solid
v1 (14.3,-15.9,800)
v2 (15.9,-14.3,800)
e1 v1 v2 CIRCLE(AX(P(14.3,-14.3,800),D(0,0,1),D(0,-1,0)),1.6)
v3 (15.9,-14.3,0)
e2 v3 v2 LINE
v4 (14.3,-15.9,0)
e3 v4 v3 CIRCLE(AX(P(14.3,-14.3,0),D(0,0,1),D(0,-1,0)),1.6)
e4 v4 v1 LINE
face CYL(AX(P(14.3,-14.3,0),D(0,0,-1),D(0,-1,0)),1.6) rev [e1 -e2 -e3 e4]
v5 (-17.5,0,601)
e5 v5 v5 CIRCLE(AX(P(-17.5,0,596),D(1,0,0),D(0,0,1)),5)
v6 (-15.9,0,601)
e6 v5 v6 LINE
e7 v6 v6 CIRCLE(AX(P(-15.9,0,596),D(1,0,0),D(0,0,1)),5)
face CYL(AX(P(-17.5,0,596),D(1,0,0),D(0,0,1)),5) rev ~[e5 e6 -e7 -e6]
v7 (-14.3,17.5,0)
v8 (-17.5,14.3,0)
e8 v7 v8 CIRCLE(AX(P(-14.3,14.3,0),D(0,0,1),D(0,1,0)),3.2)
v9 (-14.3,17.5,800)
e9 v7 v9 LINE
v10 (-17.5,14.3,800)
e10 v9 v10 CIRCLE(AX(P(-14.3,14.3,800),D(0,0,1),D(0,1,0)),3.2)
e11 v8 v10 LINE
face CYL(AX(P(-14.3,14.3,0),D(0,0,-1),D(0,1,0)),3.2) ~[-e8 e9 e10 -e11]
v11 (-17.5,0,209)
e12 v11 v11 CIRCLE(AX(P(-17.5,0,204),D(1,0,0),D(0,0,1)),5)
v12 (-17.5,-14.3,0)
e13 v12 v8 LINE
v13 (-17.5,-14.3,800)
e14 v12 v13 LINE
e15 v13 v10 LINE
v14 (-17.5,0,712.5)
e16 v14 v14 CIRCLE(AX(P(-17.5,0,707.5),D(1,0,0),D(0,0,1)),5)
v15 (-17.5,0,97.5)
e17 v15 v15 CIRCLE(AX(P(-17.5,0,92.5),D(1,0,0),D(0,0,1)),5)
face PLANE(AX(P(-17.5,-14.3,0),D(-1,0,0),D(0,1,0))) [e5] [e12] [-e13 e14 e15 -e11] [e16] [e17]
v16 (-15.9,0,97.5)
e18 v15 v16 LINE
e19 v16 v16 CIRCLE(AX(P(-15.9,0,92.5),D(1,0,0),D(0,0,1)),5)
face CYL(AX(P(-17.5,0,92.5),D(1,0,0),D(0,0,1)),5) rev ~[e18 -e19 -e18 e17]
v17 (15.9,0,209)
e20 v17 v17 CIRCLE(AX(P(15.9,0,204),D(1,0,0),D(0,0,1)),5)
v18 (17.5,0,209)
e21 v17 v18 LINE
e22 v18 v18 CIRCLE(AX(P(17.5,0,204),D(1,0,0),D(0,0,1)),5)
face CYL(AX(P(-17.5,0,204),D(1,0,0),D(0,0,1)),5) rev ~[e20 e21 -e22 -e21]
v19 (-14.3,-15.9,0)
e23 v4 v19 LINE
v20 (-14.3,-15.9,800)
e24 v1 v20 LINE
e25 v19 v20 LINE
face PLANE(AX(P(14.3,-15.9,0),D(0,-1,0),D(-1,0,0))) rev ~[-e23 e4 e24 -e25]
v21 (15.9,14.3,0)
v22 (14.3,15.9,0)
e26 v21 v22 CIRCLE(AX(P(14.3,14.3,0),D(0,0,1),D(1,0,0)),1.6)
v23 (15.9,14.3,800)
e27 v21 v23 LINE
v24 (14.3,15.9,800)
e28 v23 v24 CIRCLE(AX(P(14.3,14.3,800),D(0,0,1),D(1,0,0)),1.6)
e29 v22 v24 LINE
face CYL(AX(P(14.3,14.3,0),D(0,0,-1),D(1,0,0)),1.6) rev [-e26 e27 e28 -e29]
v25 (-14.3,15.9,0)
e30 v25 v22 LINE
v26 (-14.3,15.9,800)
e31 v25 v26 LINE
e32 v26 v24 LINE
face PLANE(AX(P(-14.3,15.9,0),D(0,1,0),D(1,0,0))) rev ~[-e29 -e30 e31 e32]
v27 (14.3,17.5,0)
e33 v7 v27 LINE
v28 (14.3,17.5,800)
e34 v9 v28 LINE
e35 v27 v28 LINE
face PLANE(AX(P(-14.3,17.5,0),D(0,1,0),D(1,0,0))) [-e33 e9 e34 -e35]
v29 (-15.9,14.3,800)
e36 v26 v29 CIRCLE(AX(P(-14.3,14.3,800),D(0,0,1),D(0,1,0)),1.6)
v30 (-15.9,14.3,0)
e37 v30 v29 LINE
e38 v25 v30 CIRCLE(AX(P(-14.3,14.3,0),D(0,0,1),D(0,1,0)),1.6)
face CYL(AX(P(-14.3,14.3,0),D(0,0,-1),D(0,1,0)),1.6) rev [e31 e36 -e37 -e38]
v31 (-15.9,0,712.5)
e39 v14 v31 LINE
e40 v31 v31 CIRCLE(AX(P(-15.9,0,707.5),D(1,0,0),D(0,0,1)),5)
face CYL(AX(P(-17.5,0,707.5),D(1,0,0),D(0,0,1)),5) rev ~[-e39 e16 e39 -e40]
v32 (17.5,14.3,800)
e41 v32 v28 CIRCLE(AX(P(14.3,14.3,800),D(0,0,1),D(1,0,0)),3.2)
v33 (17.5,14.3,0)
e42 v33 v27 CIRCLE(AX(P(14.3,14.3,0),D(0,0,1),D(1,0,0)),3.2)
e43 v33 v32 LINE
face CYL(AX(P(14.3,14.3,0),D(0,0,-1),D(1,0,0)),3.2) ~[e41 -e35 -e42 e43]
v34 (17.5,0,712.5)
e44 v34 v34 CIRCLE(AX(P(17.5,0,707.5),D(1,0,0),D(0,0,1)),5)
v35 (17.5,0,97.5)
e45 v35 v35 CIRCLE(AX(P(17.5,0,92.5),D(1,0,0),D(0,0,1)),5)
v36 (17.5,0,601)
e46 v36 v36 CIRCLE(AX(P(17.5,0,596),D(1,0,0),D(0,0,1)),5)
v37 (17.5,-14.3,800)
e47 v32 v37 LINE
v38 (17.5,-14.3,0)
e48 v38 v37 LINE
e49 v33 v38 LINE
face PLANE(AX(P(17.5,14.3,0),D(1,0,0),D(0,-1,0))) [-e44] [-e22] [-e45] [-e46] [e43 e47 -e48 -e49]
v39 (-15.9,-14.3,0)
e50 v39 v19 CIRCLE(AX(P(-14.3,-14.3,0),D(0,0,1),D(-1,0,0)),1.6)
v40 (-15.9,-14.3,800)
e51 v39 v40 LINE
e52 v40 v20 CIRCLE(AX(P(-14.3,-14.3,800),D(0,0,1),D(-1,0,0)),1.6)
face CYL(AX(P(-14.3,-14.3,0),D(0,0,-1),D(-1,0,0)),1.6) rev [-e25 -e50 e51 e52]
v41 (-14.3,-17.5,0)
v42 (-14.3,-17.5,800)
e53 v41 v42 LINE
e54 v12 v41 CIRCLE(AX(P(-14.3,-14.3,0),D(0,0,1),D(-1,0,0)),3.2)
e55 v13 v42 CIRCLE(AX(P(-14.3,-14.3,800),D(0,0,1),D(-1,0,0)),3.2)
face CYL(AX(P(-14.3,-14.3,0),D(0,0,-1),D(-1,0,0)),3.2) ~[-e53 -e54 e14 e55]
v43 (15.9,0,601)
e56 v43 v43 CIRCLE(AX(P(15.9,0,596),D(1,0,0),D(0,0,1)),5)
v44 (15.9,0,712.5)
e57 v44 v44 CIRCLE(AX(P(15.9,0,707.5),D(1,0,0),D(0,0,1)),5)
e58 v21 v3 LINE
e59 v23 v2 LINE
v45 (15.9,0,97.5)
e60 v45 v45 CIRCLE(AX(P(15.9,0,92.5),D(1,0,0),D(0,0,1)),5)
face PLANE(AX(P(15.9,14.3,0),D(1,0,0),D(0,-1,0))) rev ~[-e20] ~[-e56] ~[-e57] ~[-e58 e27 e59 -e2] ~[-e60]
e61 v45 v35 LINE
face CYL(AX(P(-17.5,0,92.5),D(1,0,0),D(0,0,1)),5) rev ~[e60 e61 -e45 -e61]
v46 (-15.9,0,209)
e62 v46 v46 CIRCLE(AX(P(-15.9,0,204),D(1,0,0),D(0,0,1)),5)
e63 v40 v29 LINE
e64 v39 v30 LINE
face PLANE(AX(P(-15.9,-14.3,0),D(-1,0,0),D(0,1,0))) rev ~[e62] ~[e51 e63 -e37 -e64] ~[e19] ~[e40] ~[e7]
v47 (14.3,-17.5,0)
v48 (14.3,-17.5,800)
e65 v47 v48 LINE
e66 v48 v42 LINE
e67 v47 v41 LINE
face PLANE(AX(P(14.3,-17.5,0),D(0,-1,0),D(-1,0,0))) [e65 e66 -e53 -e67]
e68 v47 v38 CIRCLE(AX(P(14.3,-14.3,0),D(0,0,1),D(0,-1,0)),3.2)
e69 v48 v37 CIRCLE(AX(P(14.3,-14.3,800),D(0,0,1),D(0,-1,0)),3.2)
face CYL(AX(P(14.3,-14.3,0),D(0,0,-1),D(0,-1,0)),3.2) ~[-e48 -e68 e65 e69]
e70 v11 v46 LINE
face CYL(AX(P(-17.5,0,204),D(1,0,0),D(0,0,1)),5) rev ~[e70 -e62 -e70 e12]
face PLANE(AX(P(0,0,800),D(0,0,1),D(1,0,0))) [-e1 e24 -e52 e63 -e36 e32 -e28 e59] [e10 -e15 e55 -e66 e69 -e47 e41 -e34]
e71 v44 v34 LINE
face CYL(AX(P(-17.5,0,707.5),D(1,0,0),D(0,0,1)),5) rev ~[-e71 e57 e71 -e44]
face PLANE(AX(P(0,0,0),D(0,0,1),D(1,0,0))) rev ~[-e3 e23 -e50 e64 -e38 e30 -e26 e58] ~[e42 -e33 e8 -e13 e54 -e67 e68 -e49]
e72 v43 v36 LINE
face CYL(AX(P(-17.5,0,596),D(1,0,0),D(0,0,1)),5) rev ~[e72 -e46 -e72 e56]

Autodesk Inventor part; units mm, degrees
ref_plane "YZ Plane" through (0, 0, 0) normal (1, 0, 0) x (0, 1, 0)
ref_plane "Start plane" through (0, 0, 0) normal (0, 0, 1) x (1, 0, 0)
ref_plane "End plane" through (0, 0, 800) normal (0, 0, 1) x (1, 0, 0)
sketch "Sketch" plane through (0, 0, 0) normal (0, 0, 1) x (1, 0, 0)
  line L0 (-17.5, -14.3) -> (-17.5, 14.3)
  line L1 (-14.3, 17.5) -> (14.3, 17.5)
  line L2 (17.5, 14.3) -> (17.5, -14.3)
  line L3 (14.3, -17.5) -> (-14.3, -17.5)
  arc A0 (-17.5, -14.3) -> (-14.3, -17.5) centre (-14.3, -14.3) ccw
  arc A1 (-14.3, 17.5) -> (-17.5, 14.3) centre (-14.3, 14.3) ccw
  arc A2 (17.5, 14.3) -> (14.3, 17.5) centre (14.3, 14.3) ccw
  arc A3 (14.3, -17.5) -> (17.5, -14.3) centre (14.3, -14.3) ccw
  arc A4 (-14.3, 15.9) -> (-15.9, 14.3) centre (-14.3, 14.3) ccw
  line L4 (-14.3, 15.9) -> (14.3, 15.9)
  arc A5 (15.9, 14.3) -> (14.3, 15.9) centre (14.3, 14.3) ccw
  line L5 (15.9, 14.3) -> (15.9, -14.3)
  arc A6 (14.3, -15.9) -> (15.9, -14.3) centre (14.3, -14.3) ccw
  line L6 (14.3, -15.9) -> (-14.3, -15.9)
  arc A7 (-15.9, -14.3) -> (-14.3, -15.9) centre (-14.3, -14.3) ccw
  line L7 (-15.9, -14.3) -> (-15.9, 14.3)
  line L8 (0, 25.4278) -> (0, -25.4278) construction
  line L9 (-25.4278, 0) -> (25.4278, 0) construction
  dimension "d7" = 3.2
  dimension "d10" = 35
  dimension "d11" = 35
  dimension "d12" = 1.6
  dimension "d15" = 17.5
  dimension "d16" = 17.5
extrude "Body" add sketch "Sketch" along normal up to surface (800 mm away) from surface at 0
sketch "Sketch3" plane through (0, 0, 0) normal (0, 0, 1) x (1, 0, 0)
  line L0 (0, 0) -> (10, 0)
ref_plane "Work Plane3" through (0, 0, 0) normal (0, -1, 0) x (1, 0, 0)
sketch "Sketch4" plane through (0, 0, 0) normal (0, -1, 0) x (1, 0, 0)
  line L0 (-2, 0) -> (12, 0)
  line L1 (-2, 800) -> (12, 800)
  dimension "d18" = 800
sketch "Sketch5" plane through (-17.5, 14.3, 0) normal (-1, 0, 0) x (0, 0, 1)
  line L0 (800, -28.6) -> (800, 0) construction
  line L1 (0, 0) -> (800, 0) construction
  line L2 (0, -28.6) -> (0, 0) construction
  line L3 (0, -28.6) -> (800, -28.6) construction
  line L4 (17.5, -396.8) -> (17.5, 68.2) construction
  line L5 (782.5, -31.8) -> (782.5, -296.8) construction
  line L6 (0, -28.6) -> (800, -28.6) construction
  line L7 (92.5, -28.6) -> (92.5, 0) construction
  line L8 (204, -28.6) -> (204, 0) construction
  line L9 (707.5, -28.6) -> (707.5, 0) construction
  line L10 (596, -28.6) -> (596, 0) construction
  line L11 (596, -14.3) -> (707.5, -14.3) construction
  line L12 (92.5, -14.3) -> (204, -14.3) construction
  point P0 (0, -14.3)
  dimension "d19" = 75
  dimension "d20" = 111.5
  dimension "d21" = 75
  dimension "d22" = 111.5
hole "Hole1" at (-17.5, 0, 92.5) at (-17.5, 0, 204) at (-17.5, 0, 596) at (-17.5, 0, 707.5) direction (1, 0, 0) diameter 10 end through all
equation "\"d7\" = G_IR"
equation "\"d10\" = G_H"
equation "\"d11\" = G_W"
equation "\"d12\" = G_T"
equation "\"d15\" = 0.5 * d10"
equation "\"d16\" = 0.5 * d11"
equation "\"d3\" = G_L"
equation "\"G_W\" = 35"
equation "\"G_H\" = 35"
equation "\"G_T\" = 1.6"
equation "\"G_IR\" = 3.2"
equation "\"G_L\" = d18"
equation "\"G_OFFSET_START\" = 0"
equation "\"G_OFFSET_END\" = 0"
properties part number "AS 1163 - C350L0 35x35x1.6 SHS - 800" material "Steel, Mild"
